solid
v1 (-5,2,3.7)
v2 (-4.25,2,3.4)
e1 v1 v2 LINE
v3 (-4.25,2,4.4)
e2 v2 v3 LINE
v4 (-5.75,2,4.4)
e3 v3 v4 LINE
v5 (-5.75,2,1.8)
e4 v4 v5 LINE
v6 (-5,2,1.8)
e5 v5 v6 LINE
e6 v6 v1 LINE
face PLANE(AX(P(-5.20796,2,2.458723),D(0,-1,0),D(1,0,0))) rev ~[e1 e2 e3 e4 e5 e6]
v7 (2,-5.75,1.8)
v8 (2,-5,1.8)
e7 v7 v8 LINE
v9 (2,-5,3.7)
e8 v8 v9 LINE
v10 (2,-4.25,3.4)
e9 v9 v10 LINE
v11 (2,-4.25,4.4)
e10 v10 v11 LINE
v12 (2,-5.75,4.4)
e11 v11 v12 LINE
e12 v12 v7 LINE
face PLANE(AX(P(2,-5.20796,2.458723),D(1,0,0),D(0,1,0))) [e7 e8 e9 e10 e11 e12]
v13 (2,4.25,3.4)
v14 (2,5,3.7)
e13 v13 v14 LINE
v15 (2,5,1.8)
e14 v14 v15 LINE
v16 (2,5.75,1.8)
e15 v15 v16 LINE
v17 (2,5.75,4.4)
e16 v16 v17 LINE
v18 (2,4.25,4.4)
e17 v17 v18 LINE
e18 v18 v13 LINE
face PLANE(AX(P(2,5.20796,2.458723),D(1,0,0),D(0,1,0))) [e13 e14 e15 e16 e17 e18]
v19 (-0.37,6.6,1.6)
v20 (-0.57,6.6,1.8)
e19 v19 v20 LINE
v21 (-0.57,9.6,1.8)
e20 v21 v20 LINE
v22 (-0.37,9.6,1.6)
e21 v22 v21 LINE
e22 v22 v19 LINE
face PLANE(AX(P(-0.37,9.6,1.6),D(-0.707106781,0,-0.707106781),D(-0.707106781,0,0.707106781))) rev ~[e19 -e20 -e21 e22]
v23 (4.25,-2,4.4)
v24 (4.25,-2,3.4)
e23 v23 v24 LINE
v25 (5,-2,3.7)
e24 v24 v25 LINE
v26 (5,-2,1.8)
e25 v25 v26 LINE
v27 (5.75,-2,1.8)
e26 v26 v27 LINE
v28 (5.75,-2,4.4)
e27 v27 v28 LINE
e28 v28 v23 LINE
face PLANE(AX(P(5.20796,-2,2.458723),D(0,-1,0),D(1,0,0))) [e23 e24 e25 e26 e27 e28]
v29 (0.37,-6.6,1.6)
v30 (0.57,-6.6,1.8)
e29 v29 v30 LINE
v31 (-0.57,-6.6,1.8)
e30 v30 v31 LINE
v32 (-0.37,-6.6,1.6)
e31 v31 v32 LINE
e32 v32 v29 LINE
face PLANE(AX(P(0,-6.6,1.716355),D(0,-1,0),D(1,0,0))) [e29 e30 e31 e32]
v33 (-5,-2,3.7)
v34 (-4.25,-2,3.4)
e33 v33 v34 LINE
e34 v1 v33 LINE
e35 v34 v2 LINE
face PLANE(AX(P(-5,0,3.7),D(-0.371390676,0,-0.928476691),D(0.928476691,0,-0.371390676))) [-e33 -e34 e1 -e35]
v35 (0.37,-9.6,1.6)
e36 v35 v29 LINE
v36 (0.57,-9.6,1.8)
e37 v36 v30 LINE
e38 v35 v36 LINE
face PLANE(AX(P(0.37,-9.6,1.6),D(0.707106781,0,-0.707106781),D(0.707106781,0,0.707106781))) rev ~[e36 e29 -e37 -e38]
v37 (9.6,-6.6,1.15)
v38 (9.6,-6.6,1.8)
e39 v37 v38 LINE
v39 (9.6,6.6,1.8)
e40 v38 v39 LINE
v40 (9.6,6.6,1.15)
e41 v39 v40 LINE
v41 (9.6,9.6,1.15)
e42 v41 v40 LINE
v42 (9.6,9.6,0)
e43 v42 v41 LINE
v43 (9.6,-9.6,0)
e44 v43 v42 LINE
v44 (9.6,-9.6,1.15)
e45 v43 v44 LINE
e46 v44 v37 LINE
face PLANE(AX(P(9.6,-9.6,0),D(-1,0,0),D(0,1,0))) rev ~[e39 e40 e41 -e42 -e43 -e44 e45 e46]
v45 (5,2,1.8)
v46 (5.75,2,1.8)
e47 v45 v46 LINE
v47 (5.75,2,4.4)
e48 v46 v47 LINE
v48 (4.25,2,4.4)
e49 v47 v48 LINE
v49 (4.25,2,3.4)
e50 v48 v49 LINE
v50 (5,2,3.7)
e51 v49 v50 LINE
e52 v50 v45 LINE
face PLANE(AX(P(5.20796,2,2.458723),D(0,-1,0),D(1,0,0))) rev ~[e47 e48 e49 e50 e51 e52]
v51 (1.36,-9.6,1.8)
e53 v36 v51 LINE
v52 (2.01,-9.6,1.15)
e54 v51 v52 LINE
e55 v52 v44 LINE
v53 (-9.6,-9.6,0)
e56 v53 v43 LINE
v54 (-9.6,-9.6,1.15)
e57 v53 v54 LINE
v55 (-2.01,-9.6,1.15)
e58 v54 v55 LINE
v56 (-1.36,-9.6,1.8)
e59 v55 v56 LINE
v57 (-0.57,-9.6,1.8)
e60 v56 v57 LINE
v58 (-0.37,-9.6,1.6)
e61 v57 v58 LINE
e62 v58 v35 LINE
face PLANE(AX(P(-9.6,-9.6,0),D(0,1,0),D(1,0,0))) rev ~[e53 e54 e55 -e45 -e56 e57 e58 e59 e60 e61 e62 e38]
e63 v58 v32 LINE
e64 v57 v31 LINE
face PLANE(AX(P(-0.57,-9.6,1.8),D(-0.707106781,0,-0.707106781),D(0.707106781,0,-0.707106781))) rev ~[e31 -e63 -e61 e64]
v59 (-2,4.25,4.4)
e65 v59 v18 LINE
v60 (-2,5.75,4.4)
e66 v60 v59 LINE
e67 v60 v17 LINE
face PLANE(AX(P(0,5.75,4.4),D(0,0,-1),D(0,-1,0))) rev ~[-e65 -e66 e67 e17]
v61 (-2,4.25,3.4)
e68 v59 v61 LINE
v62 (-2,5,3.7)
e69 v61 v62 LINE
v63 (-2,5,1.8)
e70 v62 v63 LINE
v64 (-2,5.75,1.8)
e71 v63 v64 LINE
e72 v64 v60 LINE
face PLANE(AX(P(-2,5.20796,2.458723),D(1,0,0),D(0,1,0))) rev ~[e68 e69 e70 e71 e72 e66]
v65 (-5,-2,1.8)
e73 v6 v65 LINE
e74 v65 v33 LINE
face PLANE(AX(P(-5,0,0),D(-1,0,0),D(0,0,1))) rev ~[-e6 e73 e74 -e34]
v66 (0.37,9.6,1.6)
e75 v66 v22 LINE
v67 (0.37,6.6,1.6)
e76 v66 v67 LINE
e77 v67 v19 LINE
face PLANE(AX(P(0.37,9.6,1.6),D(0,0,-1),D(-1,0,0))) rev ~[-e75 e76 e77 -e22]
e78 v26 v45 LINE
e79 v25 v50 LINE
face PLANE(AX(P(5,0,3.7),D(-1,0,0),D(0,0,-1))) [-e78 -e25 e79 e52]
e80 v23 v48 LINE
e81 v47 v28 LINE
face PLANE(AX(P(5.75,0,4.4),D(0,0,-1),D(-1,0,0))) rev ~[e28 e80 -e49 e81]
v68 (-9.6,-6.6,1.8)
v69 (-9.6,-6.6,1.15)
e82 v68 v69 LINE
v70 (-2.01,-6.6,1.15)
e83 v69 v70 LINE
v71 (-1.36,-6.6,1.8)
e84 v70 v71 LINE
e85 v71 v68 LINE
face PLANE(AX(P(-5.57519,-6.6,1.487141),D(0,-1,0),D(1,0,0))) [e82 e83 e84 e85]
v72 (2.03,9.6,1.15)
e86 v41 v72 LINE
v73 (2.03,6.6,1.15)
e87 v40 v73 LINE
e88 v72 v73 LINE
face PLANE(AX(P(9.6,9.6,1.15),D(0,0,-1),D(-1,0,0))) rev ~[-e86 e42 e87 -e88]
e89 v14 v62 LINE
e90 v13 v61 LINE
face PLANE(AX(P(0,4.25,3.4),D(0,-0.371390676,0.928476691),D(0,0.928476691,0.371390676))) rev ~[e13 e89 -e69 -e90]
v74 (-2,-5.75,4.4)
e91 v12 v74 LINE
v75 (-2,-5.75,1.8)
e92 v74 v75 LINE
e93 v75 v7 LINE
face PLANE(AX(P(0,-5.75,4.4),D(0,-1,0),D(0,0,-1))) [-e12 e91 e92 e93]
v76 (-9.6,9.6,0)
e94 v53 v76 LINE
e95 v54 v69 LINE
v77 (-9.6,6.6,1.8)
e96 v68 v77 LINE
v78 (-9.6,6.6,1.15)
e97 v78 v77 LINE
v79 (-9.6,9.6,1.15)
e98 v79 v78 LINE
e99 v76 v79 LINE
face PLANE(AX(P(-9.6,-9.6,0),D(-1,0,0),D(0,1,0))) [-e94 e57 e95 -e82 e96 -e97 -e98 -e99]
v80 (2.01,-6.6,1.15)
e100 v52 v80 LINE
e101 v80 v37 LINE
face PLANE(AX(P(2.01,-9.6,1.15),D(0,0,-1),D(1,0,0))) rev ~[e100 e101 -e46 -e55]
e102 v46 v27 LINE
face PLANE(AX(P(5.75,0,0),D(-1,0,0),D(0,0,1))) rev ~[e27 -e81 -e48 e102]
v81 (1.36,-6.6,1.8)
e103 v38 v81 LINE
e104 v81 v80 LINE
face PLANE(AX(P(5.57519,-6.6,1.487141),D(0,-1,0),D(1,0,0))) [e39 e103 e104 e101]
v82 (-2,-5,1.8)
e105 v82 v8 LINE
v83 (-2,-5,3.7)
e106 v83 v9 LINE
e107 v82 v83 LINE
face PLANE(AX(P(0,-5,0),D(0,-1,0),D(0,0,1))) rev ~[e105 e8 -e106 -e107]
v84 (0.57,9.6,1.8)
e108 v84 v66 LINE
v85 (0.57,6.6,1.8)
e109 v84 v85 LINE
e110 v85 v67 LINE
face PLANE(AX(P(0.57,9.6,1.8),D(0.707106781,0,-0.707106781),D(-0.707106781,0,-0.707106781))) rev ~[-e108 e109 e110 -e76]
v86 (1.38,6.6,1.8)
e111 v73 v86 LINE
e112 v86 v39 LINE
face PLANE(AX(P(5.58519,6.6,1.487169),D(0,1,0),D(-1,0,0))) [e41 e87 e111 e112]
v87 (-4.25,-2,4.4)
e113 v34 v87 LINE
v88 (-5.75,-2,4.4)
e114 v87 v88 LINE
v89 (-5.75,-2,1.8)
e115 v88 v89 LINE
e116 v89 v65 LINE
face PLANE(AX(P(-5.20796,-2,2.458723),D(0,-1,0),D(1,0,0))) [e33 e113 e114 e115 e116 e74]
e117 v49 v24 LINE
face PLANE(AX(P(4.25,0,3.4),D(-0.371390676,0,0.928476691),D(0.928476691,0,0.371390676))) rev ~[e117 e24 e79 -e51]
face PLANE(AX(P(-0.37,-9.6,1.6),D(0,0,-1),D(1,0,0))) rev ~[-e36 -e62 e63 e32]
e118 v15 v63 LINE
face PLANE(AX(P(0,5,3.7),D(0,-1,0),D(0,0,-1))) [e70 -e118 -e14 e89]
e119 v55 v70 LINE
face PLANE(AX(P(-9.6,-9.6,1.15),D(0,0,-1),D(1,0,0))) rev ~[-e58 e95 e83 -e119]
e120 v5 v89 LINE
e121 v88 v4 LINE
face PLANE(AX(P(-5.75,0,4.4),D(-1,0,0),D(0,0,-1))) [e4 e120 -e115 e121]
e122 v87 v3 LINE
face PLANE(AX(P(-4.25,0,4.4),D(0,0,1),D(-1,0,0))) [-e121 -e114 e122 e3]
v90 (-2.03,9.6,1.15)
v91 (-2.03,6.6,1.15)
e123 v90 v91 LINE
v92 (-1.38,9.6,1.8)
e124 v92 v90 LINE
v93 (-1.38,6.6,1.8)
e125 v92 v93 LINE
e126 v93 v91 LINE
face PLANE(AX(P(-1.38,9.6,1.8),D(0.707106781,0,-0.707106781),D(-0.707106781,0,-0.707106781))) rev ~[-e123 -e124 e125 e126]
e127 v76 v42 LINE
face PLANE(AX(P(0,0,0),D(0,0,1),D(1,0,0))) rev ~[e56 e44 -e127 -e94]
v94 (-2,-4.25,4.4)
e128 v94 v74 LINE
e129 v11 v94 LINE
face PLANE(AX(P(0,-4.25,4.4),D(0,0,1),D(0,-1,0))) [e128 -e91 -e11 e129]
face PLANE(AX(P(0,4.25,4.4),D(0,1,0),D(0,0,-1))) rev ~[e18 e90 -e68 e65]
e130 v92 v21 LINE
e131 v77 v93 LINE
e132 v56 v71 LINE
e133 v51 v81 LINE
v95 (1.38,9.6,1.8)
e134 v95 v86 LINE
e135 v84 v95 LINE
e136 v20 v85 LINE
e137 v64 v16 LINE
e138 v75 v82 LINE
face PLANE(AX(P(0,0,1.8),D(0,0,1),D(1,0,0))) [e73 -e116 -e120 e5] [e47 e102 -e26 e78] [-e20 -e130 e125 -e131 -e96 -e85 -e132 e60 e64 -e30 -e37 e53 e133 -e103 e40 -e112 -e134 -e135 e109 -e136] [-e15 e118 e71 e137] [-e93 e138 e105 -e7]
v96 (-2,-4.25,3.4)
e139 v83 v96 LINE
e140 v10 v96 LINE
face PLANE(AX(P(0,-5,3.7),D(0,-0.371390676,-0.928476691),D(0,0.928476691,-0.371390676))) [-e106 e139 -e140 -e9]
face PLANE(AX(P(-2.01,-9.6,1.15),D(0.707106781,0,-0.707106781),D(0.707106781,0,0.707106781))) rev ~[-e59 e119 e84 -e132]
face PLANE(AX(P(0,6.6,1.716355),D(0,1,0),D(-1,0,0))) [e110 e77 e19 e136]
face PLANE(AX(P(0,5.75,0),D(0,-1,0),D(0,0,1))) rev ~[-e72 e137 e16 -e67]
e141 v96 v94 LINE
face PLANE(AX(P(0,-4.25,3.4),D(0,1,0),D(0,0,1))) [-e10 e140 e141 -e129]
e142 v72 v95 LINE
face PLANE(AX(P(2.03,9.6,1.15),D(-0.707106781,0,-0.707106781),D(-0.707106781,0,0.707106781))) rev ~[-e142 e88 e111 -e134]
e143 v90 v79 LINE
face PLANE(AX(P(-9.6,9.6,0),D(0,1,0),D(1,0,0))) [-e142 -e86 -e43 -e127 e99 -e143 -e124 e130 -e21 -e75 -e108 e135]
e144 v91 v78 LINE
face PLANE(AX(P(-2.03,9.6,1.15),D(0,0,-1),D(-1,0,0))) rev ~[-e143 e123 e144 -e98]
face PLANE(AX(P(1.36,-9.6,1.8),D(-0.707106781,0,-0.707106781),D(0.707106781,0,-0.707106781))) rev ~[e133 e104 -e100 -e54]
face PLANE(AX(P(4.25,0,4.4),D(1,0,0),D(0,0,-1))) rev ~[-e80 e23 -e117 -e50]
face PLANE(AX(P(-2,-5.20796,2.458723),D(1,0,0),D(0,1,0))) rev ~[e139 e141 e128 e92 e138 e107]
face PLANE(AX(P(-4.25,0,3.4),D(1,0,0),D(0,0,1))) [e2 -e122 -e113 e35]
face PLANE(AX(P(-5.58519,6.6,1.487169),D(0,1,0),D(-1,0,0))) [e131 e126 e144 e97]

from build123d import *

# Parameters (mm, degrees)
F0_W          = 19.2
F0_H          = 19.2
F1_DEPTH      = 1.8
F3_DEPTH      = 3
F5_DEPTH      = 3
F7_DEPTH      = 2
F7_DEPTH_BACK = 2
F9_DEPTH      = 2
F9_DEPTH_BACK = 2


with BuildPart() as f1:
    # F0 (on Top) → F1 (new body)
    with BuildSketch(Plane.XY):
        Rectangle(F0_W, F0_H)
    extrude(amount=F1_DEPTH)

    # F2 (on face) → F3 (cut)
    with BuildSketch(Plane.XZ.offset(9.6)):
        Polygon((-2.01, 1.15), (-1.36, 1.8), (-9.6, 1.8), (-9.6, 1.15), align=None)
        Polygon((0.57, 1.8), (-0.57, 1.8), (-0.37, 1.6), (0.37, 1.6), align=None)
        Polygon((9.6, 1.8), (1.36, 1.8), (2.01, 1.15), (9.6, 1.15), align=None)
    extrude(amount=-F3_DEPTH, mode=Mode.SUBTRACT)

    # F4 (on face) → F5 (cut)
    with BuildSketch(Plane(origin=(0, 9.6, 0), x_dir=(-1, 0, 0), z_dir=(0, 1, 0))):
        Polygon((-9.6, 1.8), (-9.6, 1.15), (-2.03, 1.15), (-1.38, 1.8), align=None)
        Polygon((0.57, 1.8), (-0.57, 1.8), (-0.37, 1.6), (0.37, 1.6), align=None)
        Polygon((2.03, 1.15), (9.6, 1.15), (9.6, 1.8), (1.38, 1.8), align=None)
    extrude(amount=-F5_DEPTH, mode=Mode.SUBTRACT)

    # F6 (on Front) → F7 (join, two sides)
    with BuildSketch(Plane.XZ) as f7_sk:
        Polygon((-5.75, 4.4), (-5.75, 0), (-5, 0), (-5, 3.7), (-4.25, 3.4), (-4.25, 4.4), align=None)
        Polygon((4.25, 3.4), (5, 3.7), (5, 0), (5.75, 0), (5.75, 4.4), (4.25, 4.4), align=None)
    extrude(amount=F7_DEPTH)
    extrude(f7_sk.sketch, amount=-F7_DEPTH_BACK)

    # F8 (on Right) → F9 (join, two sides)
    with BuildSketch(Plane.YZ) as f9_sk:
        Polygon((-5.75, 4.4), (-5.75, 0), (-5, 0), (-5, 3.7), (-4.25, 3.4), (-4.25, 4.4), align=None)
        Polygon((4.25, 4.4), (4.25, 3.4), (5, 3.7), (5, 0), (5.75, 0), (5.75, 4.4), align=None)
    extrude(amount=F9_DEPTH)
    extrude(f9_sk.sketch, amount=-F9_DEPTH_BACK)


solid = f1.part
